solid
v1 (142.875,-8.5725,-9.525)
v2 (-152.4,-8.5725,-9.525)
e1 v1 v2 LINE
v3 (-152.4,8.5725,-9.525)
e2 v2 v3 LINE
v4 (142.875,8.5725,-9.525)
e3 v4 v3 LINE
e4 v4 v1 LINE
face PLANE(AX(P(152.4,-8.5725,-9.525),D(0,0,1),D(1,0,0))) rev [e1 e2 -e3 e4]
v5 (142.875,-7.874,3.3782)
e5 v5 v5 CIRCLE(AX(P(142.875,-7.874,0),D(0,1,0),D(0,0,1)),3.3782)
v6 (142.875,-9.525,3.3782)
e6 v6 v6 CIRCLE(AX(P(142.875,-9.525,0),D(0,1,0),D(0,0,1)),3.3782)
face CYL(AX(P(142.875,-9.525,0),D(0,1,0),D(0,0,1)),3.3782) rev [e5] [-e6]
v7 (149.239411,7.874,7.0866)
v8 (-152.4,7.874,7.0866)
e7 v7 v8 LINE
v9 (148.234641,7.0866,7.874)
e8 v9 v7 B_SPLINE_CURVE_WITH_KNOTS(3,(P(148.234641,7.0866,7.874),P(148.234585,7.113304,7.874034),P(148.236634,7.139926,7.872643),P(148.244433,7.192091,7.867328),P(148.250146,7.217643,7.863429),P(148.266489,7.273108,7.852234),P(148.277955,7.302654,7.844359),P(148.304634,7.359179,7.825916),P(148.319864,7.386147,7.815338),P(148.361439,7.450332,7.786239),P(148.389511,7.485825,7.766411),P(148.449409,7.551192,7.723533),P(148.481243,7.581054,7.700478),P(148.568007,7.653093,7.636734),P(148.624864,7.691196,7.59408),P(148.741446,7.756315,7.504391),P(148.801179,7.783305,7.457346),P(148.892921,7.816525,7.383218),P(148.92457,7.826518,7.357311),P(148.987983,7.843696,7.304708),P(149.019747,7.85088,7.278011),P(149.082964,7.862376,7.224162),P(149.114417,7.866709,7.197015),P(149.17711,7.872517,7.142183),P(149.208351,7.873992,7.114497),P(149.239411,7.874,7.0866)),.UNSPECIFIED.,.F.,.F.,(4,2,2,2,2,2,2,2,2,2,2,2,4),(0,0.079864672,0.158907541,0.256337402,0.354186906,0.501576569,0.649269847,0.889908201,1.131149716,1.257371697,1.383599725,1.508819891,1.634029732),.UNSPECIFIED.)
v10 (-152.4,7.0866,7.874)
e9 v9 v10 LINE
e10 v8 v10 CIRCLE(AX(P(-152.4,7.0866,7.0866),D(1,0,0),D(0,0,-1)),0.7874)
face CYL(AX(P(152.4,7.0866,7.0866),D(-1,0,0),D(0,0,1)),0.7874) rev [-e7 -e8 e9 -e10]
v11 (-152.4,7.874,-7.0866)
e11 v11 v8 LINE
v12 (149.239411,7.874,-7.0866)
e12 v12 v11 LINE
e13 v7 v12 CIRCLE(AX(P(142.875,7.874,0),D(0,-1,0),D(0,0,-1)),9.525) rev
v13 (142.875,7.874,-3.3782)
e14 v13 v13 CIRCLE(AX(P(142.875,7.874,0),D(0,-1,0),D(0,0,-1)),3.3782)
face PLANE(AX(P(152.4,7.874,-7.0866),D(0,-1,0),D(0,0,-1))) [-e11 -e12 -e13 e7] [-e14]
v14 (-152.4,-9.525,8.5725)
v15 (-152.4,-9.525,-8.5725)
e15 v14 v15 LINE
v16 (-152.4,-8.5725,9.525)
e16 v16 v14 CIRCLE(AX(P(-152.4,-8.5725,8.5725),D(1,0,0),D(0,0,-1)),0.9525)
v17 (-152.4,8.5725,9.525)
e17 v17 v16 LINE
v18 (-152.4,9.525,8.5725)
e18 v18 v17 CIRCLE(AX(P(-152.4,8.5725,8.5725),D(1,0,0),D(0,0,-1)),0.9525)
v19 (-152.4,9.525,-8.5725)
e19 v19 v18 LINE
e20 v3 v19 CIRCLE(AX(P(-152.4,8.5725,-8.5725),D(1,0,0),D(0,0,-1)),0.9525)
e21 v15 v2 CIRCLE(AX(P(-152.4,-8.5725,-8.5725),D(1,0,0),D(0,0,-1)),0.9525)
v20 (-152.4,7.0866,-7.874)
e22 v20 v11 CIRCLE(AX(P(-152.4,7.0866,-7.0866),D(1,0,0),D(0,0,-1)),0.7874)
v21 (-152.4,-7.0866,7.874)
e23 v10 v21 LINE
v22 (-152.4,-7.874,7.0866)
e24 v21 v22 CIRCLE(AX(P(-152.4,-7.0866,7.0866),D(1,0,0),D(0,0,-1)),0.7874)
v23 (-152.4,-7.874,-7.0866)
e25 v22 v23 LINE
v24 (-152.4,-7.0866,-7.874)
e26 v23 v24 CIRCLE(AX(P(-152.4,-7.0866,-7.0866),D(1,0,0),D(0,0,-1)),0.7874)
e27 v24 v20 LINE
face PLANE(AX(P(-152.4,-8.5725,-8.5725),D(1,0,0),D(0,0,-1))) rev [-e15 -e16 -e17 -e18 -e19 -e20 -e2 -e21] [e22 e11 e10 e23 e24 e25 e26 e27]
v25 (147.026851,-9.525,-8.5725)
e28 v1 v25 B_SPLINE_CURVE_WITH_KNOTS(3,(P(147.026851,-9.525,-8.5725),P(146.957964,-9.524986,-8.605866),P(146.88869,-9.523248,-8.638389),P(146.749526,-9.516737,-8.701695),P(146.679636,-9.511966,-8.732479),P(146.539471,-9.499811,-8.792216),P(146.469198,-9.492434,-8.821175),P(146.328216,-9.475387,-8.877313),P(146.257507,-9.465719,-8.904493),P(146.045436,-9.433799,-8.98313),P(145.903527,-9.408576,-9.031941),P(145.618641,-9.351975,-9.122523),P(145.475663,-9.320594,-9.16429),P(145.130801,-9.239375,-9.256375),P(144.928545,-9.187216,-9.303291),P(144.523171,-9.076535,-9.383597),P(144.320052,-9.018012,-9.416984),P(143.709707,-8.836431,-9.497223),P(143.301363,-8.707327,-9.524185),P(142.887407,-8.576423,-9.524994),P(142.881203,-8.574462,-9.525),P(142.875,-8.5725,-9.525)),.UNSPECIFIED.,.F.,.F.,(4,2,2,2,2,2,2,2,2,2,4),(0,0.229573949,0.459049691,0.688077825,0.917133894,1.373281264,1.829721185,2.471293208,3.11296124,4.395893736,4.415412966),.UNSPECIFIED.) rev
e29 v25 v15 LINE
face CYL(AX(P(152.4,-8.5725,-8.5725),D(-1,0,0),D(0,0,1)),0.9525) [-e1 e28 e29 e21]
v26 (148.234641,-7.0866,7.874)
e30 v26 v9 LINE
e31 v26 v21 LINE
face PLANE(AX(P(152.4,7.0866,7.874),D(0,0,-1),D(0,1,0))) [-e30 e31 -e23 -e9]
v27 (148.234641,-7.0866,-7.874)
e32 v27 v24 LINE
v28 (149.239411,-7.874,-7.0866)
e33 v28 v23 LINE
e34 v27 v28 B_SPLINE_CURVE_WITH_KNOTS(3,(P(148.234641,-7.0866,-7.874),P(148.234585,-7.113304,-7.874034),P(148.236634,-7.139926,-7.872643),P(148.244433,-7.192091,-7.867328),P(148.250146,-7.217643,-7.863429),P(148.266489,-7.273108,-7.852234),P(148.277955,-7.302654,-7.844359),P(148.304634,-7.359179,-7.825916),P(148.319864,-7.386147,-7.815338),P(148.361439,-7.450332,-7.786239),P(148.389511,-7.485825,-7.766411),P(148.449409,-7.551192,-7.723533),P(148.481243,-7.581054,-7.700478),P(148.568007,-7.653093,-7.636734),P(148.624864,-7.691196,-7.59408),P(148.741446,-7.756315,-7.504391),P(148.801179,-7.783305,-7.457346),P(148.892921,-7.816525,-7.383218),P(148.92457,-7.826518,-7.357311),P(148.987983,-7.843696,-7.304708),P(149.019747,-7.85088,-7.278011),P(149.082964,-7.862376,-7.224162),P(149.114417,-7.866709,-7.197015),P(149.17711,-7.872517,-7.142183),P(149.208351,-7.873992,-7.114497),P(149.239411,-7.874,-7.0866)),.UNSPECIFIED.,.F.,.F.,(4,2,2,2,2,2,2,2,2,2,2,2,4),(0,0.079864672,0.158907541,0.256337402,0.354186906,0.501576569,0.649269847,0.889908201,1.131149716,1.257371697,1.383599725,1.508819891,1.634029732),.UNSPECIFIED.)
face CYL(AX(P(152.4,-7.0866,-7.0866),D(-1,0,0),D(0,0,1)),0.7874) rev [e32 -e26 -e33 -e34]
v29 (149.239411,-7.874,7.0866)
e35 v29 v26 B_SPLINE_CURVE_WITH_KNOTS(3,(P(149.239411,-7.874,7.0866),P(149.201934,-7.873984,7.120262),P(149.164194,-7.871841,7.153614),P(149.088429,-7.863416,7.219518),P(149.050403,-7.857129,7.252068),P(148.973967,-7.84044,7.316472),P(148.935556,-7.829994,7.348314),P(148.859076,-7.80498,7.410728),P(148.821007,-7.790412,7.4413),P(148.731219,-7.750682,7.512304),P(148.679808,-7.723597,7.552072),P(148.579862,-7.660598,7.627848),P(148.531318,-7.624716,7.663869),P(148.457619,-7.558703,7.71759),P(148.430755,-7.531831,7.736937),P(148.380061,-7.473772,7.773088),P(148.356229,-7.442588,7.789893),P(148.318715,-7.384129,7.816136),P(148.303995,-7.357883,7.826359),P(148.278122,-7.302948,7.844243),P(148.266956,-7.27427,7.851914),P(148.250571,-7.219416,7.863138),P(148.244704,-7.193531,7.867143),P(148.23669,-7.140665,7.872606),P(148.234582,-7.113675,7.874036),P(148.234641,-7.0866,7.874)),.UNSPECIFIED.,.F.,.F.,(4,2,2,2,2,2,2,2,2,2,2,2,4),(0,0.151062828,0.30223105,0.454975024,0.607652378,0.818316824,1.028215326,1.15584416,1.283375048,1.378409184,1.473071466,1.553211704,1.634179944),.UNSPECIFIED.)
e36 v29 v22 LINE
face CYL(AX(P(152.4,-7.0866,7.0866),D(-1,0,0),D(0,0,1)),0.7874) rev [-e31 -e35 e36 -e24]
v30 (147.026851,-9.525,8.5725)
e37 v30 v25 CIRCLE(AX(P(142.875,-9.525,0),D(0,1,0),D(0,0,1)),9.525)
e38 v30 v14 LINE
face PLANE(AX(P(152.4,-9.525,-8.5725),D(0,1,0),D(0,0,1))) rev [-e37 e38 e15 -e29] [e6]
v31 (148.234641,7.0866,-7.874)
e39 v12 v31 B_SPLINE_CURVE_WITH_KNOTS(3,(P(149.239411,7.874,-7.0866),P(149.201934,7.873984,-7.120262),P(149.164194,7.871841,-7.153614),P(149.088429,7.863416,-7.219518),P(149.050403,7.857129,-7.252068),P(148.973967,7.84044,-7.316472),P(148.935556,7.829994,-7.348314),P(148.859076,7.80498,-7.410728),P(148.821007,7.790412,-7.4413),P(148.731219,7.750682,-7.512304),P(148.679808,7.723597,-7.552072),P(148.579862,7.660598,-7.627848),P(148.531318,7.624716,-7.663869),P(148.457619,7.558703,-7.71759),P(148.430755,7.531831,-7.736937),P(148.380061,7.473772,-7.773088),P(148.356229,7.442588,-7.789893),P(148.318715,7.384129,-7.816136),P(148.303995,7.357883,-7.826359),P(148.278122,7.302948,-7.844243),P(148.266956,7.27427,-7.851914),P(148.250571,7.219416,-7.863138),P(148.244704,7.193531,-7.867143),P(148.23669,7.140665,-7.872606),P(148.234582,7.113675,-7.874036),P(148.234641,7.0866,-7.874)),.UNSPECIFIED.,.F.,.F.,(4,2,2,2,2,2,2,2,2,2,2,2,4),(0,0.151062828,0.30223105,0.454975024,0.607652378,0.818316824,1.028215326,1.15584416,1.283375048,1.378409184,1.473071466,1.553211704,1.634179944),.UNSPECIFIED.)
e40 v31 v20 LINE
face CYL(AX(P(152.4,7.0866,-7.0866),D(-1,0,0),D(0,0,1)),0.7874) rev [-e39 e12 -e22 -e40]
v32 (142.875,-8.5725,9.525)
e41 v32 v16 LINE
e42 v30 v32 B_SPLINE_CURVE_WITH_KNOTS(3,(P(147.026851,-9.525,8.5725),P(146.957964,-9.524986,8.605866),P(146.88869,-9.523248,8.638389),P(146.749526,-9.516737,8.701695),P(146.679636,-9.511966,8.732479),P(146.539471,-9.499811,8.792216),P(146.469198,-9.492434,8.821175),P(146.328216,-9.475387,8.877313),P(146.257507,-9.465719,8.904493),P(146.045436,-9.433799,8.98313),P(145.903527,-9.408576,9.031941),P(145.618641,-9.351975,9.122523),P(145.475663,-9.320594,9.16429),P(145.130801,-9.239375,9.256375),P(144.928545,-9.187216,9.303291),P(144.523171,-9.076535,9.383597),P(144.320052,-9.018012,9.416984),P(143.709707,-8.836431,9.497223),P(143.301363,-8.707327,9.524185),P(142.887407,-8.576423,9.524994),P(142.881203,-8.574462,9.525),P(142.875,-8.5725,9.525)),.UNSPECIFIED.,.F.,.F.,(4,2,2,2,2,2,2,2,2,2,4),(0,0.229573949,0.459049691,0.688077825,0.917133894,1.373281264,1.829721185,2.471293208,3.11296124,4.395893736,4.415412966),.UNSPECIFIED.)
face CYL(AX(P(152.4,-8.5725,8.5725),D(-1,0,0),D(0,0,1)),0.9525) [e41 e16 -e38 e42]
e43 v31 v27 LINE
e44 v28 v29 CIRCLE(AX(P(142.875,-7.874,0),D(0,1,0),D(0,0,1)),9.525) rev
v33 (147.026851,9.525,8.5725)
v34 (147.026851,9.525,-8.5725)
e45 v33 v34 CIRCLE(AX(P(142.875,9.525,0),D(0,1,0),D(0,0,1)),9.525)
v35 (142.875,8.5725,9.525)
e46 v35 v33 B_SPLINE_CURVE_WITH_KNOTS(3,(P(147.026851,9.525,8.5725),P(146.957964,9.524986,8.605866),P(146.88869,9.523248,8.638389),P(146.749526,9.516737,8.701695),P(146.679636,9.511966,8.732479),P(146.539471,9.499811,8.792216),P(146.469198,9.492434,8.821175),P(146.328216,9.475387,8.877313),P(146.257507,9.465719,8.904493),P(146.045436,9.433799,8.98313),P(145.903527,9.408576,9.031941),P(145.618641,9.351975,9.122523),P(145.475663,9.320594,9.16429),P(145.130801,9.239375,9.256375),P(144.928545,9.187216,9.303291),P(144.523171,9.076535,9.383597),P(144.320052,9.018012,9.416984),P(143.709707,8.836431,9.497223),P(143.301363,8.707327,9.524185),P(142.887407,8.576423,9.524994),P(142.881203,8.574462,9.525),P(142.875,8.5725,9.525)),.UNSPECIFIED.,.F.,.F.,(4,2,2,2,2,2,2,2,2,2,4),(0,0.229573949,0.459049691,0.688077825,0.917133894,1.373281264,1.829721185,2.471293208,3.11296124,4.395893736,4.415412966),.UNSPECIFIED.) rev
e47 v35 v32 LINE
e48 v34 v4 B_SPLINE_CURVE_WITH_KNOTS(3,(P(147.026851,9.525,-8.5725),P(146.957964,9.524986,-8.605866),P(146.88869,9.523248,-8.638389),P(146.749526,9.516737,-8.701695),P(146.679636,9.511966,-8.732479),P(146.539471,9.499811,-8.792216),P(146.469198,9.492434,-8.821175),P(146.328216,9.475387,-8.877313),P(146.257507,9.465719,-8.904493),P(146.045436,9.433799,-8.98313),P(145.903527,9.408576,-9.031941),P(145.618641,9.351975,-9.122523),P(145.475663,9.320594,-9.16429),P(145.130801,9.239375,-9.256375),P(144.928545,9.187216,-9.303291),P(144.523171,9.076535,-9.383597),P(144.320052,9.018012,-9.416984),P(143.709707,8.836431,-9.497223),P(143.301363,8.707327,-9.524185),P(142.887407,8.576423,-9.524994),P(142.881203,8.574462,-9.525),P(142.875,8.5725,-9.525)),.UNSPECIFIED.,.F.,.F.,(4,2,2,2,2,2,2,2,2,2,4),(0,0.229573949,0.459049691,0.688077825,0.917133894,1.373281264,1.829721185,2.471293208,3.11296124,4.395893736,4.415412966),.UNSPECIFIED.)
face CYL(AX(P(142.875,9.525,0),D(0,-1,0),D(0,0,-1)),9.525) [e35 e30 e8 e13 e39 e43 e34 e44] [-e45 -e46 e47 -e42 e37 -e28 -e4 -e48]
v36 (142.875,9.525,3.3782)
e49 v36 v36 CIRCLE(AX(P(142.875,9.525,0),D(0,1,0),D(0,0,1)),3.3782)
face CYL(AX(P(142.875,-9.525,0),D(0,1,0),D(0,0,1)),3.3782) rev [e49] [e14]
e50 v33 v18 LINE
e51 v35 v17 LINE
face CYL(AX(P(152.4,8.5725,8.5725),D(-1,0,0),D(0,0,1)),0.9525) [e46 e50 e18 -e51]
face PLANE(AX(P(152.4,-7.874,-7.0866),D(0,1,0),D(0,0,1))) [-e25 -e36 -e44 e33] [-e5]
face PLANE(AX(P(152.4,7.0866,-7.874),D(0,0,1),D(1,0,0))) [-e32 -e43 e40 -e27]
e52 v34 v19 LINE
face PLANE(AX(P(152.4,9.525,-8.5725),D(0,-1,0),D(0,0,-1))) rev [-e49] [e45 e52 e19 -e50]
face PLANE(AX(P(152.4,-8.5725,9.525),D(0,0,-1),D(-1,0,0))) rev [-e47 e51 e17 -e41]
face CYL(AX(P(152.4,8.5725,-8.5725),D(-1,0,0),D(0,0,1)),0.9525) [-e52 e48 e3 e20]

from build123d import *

# Parameters (mm, degrees)
BOSS_EXTRUDE1_DEPTH      = 152.4
BOSS_EXTRUDE1_DEPTH_BACK = 152.4
CUT_EXTRUDE1_DEPTH       = 154.881084364
SKETCH6_R                = 3.3782
CUT_EXTRUDE2_DEPTH       = 154.881084481


with BuildPart() as part:
    # Sketch4 → Boss-Extrude1 (new, two sides: drawn at the far end of the back side and taken through both)
    with BuildSketch(Plane(origin=(0, 0, 0), x_dir=(0, 0, -1), z_dir=(1, 0, 0)).offset(-BOSS_EXTRUDE1_DEPTH_BACK)):
        with BuildLine():
            Line((9.525, -8.5725), (9.525, 8.5725))
            ThreePointArc((9.525, 8.5725), (9.246019209, 9.246019209), (8.5725, 9.525))
            Line((8.5725, 9.525), (-8.5725, 9.525))
            ThreePointArc((-8.5725, 9.525), (-9.246019209, 9.246019209), (-9.525, 8.5725))
            Line((-9.525, 8.5725), (-9.525, -8.5725))
            ThreePointArc((-9.525, -8.5725), (-9.246019209, -9.246019209), (-8.5725, -9.525))
            Line((-8.5725, -9.525), (8.5725, -9.525))
            ThreePointArc((8.5725, -9.525), (9.246019209, -9.246019209), (9.525, -8.5725))
        make_face()
        with BuildLine():
            Line((7.874, 7.0866), (7.874, -7.0866))
            ThreePointArc((7.874, -7.0866), (7.64337588, -7.64337588), (7.0866, -7.874))
            Line((7.0866, -7.874), (-7.0866, -7.874))
            ThreePointArc((-7.0866, -7.874), (-7.64337588, -7.64337588), (-7.874, -7.0866))
            Line((-7.874, -7.0866), (-7.874, 7.0866))
            ThreePointArc((-7.874, 7.0866), (-7.64337588, 7.64337588), (-7.0866, 7.874))
            Line((-7.0866, 7.874), (7.0866, 7.874))
            ThreePointArc((7.0866, 7.874), (7.64337588, 7.64337588), (7.874, 7.0866))
        make_face(mode=Mode.SUBTRACT)
    extrude(amount=BOSS_EXTRUDE1_DEPTH + BOSS_EXTRUDE1_DEPTH_BACK)

    # Sketch5 → Cut-Extrude1 (cut, through all)
    with BuildSketch(Plane.XZ.offset(9.525)):
        with BuildLine():
            Line((152.4, -9.525), (142.875, -9.525))
            ThreePointArc((142.875, -9.525), (152.4, 0), (142.875, 9.525))
            Line((142.875, 9.525), (152.4, 9.525))
            Line((152.4, 9.525), (157.48, 9.525))
            Line((157.48, 9.525), (157.48, -9.525))
            Line((157.48, -9.525), (152.4, -9.525))
        make_face()
    extrude(amount=-CUT_EXTRUDE1_DEPTH, mode=Mode.SUBTRACT)

    # Sketch6 → Cut-Extrude2 (cut, through all)
    with BuildSketch(Plane(origin=(0, 9.525, 0), x_dir=(1, 0, 0), z_dir=(0, 1, 0))):
        with Locations(Location((142.875, 0, 0), (0, 0, 270))):
            Circle(SKETCH6_R)
    extrude(amount=-CUT_EXTRUDE2_DEPTH, mode=Mode.SUBTRACT)


solid = part.part
